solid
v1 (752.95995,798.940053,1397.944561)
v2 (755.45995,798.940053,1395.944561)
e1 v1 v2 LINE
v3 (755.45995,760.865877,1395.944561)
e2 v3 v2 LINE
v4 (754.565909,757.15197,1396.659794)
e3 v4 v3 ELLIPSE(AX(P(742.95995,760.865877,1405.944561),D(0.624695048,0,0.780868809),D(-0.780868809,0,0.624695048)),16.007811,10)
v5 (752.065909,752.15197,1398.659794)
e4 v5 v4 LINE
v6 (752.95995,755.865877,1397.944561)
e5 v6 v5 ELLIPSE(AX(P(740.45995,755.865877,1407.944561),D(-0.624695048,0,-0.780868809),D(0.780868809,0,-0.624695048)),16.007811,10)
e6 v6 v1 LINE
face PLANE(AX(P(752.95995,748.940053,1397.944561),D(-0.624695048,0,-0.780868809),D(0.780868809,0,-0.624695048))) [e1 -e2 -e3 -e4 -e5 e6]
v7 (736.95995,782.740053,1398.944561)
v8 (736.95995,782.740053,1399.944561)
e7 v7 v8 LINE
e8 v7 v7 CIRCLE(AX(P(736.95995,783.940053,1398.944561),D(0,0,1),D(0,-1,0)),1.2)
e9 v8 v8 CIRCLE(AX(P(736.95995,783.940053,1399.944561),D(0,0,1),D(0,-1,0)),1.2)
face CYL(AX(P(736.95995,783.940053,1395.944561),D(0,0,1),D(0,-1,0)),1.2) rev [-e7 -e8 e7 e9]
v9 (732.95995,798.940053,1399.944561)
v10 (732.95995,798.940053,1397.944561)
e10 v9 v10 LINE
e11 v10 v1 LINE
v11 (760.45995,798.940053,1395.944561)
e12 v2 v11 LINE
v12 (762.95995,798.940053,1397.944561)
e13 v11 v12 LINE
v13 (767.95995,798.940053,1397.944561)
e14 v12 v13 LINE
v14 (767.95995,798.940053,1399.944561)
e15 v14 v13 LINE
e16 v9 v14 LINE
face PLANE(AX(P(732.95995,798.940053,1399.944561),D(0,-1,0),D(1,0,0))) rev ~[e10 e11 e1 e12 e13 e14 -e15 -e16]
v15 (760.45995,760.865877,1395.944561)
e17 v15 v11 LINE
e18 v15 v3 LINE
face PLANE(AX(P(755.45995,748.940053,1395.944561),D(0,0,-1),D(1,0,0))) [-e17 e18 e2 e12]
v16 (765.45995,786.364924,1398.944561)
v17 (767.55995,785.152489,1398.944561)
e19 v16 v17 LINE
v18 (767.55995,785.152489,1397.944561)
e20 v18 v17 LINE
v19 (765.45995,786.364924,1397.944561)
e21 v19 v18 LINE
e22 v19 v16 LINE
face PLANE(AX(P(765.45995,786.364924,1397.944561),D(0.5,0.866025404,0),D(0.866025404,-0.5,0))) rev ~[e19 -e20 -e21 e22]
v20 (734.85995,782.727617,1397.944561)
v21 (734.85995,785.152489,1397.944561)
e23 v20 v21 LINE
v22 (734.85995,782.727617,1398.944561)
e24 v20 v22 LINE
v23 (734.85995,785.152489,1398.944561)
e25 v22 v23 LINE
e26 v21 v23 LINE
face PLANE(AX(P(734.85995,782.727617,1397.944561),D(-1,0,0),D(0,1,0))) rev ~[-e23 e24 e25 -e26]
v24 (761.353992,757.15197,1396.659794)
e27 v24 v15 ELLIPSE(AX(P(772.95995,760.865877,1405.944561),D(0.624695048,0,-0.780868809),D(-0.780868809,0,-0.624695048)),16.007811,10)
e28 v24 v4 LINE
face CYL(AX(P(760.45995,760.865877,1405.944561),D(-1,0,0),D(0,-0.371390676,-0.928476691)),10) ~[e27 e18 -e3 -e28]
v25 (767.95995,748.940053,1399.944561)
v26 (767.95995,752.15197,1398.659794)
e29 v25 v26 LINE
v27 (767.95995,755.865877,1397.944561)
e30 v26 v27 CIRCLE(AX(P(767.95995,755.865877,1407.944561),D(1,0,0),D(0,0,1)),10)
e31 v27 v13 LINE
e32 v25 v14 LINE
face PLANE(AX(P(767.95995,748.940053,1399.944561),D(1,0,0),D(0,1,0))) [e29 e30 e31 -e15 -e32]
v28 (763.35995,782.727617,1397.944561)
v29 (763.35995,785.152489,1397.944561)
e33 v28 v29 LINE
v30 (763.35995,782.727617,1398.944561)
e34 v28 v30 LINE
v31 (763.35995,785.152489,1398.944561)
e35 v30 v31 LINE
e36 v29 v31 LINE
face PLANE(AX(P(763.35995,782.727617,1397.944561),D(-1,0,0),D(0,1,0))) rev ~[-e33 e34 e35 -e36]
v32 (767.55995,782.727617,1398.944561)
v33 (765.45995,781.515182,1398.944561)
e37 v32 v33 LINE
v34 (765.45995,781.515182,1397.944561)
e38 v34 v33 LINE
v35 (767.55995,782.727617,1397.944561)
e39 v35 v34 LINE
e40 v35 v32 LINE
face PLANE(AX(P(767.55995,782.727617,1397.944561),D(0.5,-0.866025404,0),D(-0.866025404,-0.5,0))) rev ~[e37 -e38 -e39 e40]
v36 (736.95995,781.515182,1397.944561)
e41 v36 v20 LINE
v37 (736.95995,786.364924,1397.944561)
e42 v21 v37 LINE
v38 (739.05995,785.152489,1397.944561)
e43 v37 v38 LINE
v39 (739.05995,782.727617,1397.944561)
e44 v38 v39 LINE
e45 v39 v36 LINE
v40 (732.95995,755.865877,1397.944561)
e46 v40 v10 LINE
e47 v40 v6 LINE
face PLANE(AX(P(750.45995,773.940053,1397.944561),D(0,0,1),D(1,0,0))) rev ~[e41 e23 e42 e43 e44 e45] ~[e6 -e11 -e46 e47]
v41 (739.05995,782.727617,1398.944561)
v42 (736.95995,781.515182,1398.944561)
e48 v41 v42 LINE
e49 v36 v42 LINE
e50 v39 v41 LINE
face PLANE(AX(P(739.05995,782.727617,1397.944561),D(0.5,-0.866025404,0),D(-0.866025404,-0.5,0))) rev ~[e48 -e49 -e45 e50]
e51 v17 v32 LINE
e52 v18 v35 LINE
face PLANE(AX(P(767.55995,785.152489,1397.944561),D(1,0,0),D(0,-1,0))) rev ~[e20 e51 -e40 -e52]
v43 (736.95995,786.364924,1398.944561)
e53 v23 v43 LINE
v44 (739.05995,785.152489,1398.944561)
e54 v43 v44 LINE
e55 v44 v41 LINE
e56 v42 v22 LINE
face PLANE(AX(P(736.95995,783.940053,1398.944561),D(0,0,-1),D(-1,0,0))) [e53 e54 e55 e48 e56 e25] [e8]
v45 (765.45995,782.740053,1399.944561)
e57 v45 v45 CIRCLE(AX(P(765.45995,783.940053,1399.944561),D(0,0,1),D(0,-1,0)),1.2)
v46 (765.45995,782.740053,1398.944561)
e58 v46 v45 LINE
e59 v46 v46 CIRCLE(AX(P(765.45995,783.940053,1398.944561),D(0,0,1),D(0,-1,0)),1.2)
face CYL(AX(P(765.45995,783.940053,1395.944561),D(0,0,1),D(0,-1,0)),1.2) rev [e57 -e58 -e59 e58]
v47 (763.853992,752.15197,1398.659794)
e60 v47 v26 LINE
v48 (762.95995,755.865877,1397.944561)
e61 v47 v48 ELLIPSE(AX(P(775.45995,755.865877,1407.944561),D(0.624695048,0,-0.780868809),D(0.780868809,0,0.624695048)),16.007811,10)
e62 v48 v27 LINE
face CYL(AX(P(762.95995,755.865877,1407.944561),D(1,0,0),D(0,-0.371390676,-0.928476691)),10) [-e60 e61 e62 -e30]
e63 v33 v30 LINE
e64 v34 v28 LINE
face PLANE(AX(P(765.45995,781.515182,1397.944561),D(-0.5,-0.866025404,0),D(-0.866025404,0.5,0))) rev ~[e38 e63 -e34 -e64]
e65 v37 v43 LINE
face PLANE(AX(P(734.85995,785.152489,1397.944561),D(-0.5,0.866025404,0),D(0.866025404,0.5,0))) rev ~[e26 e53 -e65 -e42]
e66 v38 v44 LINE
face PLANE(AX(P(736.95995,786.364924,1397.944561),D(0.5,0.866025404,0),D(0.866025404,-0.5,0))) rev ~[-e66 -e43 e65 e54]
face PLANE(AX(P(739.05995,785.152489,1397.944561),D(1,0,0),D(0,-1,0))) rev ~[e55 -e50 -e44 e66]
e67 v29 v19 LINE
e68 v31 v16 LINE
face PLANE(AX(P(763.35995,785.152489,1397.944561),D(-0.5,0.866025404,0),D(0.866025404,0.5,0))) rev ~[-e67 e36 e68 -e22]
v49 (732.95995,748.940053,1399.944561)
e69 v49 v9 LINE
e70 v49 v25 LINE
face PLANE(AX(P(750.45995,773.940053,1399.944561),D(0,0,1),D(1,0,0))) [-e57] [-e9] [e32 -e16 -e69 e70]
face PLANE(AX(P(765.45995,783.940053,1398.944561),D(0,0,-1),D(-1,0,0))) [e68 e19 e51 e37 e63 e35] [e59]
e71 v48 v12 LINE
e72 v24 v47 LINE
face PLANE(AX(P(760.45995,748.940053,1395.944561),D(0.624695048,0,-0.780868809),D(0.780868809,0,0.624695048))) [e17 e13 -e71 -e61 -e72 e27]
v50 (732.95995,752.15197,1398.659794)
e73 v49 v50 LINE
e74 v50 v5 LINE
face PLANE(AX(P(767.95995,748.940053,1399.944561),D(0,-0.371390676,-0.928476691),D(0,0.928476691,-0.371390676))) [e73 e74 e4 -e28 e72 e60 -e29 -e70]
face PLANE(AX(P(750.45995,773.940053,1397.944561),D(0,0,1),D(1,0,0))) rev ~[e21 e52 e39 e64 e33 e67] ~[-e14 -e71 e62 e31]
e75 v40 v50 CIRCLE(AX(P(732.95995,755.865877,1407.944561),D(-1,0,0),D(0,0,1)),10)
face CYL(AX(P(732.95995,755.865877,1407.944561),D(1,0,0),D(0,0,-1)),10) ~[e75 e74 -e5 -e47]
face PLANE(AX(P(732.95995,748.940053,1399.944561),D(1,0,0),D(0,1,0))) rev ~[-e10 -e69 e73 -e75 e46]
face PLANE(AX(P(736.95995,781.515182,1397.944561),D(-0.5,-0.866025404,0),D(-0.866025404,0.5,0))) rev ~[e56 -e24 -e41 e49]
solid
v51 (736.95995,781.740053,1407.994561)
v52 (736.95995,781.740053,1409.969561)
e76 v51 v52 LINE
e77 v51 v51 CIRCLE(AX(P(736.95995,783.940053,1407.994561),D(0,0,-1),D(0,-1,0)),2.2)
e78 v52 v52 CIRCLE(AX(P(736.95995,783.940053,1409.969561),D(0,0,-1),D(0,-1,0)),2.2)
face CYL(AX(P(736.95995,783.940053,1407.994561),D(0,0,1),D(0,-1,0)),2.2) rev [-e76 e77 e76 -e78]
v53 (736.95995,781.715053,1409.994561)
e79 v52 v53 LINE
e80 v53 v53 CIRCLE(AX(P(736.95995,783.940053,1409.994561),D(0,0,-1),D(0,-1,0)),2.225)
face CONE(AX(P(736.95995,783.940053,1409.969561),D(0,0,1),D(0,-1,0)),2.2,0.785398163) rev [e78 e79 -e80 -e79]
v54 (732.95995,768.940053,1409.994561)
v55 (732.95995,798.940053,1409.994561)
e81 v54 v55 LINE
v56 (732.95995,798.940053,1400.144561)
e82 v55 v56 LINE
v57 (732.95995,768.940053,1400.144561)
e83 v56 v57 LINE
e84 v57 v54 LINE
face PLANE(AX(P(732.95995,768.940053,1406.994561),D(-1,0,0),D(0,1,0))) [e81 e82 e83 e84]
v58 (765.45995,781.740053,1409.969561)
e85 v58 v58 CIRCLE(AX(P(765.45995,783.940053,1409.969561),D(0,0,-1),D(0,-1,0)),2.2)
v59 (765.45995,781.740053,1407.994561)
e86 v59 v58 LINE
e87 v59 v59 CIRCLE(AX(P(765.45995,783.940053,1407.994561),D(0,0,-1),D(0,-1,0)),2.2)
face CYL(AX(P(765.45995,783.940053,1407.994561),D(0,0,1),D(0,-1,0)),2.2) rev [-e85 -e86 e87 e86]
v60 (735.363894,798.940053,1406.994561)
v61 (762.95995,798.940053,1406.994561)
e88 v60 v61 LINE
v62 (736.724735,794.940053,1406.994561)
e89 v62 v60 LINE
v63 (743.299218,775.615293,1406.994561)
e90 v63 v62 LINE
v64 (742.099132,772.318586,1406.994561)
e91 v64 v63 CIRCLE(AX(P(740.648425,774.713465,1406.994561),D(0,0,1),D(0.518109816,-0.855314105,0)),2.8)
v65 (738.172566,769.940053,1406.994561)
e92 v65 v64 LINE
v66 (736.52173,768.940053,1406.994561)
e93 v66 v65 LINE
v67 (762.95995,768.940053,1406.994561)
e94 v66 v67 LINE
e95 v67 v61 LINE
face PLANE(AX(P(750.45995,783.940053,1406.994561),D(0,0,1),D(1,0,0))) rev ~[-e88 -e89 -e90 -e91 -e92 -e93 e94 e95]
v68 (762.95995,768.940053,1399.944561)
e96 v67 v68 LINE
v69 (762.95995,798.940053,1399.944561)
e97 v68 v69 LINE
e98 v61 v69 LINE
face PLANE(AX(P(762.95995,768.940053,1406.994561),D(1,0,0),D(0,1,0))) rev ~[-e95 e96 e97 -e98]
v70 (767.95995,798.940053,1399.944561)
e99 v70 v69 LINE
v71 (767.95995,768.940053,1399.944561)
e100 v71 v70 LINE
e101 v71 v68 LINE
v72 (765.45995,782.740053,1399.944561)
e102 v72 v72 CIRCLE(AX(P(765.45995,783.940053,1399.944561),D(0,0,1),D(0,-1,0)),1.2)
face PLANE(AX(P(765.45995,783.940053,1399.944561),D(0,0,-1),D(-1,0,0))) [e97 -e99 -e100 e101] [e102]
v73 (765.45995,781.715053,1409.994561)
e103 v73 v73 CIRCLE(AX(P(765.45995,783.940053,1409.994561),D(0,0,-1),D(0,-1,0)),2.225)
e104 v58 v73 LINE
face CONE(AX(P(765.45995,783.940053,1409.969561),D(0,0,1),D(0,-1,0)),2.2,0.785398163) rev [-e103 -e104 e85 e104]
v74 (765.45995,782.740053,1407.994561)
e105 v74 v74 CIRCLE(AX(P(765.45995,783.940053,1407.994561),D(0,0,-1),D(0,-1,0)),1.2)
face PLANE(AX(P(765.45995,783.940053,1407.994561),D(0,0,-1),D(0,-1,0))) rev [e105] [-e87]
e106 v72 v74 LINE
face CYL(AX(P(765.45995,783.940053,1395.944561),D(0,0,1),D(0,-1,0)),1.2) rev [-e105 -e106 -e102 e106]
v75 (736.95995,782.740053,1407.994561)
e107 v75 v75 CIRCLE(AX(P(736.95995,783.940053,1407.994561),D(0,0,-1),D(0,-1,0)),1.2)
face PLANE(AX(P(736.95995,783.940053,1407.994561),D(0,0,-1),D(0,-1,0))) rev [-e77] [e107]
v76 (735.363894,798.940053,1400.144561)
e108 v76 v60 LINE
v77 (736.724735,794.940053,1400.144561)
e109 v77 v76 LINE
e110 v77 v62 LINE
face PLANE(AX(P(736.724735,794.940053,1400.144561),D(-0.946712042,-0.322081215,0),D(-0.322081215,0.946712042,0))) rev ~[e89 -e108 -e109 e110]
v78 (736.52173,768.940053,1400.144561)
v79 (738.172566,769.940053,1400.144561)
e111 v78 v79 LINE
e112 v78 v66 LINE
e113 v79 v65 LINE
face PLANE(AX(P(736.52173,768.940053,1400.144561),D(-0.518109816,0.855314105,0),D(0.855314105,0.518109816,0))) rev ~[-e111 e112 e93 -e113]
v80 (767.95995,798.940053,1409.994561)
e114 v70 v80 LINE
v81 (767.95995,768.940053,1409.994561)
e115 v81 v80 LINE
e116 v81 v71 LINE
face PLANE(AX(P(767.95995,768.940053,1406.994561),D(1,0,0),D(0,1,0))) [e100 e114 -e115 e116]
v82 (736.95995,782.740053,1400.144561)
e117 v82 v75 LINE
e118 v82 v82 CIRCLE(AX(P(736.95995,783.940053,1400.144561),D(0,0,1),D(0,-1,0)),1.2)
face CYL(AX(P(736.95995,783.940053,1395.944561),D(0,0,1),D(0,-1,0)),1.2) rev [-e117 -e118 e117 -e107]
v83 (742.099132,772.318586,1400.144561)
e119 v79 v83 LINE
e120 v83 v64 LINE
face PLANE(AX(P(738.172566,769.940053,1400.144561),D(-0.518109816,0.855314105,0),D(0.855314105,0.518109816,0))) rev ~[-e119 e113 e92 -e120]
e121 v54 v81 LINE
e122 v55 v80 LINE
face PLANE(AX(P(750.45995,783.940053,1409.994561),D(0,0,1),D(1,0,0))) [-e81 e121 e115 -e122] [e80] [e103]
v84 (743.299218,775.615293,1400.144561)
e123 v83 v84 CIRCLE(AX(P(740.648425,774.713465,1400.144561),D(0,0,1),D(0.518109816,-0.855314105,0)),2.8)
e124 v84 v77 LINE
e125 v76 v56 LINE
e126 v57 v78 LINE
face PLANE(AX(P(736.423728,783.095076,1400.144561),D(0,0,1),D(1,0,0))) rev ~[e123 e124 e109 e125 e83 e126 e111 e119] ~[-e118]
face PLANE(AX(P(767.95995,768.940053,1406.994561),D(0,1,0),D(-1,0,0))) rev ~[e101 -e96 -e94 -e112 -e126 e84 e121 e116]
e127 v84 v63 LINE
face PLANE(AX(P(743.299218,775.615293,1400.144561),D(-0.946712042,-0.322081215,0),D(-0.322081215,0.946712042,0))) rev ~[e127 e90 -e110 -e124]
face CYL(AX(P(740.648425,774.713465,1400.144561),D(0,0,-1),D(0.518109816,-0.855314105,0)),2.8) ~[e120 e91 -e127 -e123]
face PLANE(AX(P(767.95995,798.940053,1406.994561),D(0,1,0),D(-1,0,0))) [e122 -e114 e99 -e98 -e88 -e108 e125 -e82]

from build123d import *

# Parameters (mm, degrees)
BOSS_EXTRUDE2_START           = -0.2
SKETCH1_W                     = 35
SKETCH1_H                     = 50
BOSS_EXTRUDE2_DEPTH           = 2
BOSS_EXTRUDE3_DEPTH           = 6.85
BOSS_EXTRUDE4_DEPTH           = 50
SKETCH3_W                     = 35
SKETCH3_H                     = 30
BOSS_EXTRUDE5_DEPTH           = 3
SKETCH4_W                     = 5
SKETCH4_H                     = 30
BOSS_EXTRUDE6_DEPTH           = 7.05
CBORE_FOR_M2_SHCS1_AT_2_COUNT = 2
CBORE_FOR_M2_SHCS1_AT_2_PITCH = 28.5
CUT_EXTRUDE1_DEPTH            = 1
CUT_EXTRUDE2_DEPTH            = 1621.991940329
FILLET1_R                     = 10


with BuildPart() as part:
    # Sketch1 → Boss-Extrude2 (new body)
    with BuildSketch(Plane.XY.offset(1400.144561134).offset(BOSS_EXTRUDE2_START)):
        with Locations((750.459950432, 773.940052935)):
            Rectangle(SKETCH1_W, SKETCH1_H)
    extrude(amount=-BOSS_EXTRUDE2_DEPTH)

    # Sketch2 → Boss-Extrude4 (add)
    with BuildSketch(Plane.XZ.offset(-748.940052935)):
        Polygon((752.959950432, 1397.944561134), (755.459950432, 1395.944561134), (760.459950432, 1395.944561134), (762.959950432, 1397.944561134), align=None)
    extrude(amount=-BOSS_EXTRUDE4_DEPTH)


with BuildPart() as body_2:
    # Sketch1<4> → Boss-Extrude3 (new body)
    with BuildSketch(Plane.XY.offset(1400.144561134)):
        with BuildLine():
            Line((732.959950432, 798.940052935), (732.959950432, 768.940052935))
            Line((732.959950432, 768.940052935), (736.521730144, 768.940052935))
            Line((736.521730144, 768.940052935), (738.1725657, 769.940052935))
            Line((738.1725657, 769.940052935), (742.099132051, 772.318585634))
            ThreePointArc((742.099132051, 772.318585634), (743.279516949, 773.755679726), (743.299218285, 775.615292533))
            Line((743.299218285, 775.615292533), (736.724735191, 794.940052935))
            Line((736.724735191, 794.940052935), (735.363893875, 798.940052935))
            Line((735.363893875, 798.940052935), (732.959950432, 798.940052935))
        make_face()
    extrude(amount=BOSS_EXTRUDE3_DEPTH)

    # Sketch3 → Boss-Extrude5 (add)
    with BuildSketch(Plane.XY.offset(1406.994561134)):
        with Locations((750.459950432, 783.940052935)):
            Rectangle(SKETCH3_W, SKETCH3_H)
    extrude(amount=BOSS_EXTRUDE5_DEPTH)

    # Sketch4 → Boss-Extrude6 (add)
    with BuildSketch(Plane(origin=(0, 0, 1406.994561134), x_dir=(-1, 0, 0), z_dir=(0, 0, -1))):
        with Locations((-765.459950432, 783.940052935)):
            Rectangle(SKETCH4_W, SKETCH4_H)
    extrude(amount=BOSS_EXTRUDE6_DEPTH)


with BuildPart() as cbore_for_m2_shcs1_tool:
    # Sketch6 → CBORE for M2 SHCS1 (revolve)
    with BuildSketch(Plane(origin=(736.959950432, 783.940052935, 1409.994561134), x_dir=(0, -1, 0), z_dir=(1, 0, 0))):
        Polygon((0, 0), (0, 14.05), (1.2, 14.05), (1.2, 2), (2.2, 2), (2.2, 0.025), (2.225, 0), align=None)
    cbore_for_m2_shcs1 = revolve(axis=Axis((736.959950432, 783.940052935, 1416.344561134), (0, 0, -1)))


with BuildPart() as part_1:
    add(part.part)

    # CBORE for M2 SHCS1: cut by cbore_for_m2_shcs1_tool
    add(cbore_for_m2_shcs1_tool.part, mode=Mode.SUBTRACT)


with BuildPart() as body_2_1:
    add(body_2.part)

    # CBORE for M2 SHCS1: cut by cbore_for_m2_shcs1_tool
    add(cbore_for_m2_shcs1_tool.part, mode=Mode.SUBTRACT)


with BuildPart() as cbore_for_m2_shcs1_at_2_tool:
    # CBORE for M2 SHCS1 at 2: CBORE for M2 SHCS1 ×2
    with Locations(*[(i * CBORE_FOR_M2_SHCS1_AT_2_PITCH, 0, 0) for i in range(1, CBORE_FOR_M2_SHCS1_AT_2_COUNT)]):
        add(cbore_for_m2_shcs1)


with BuildPart() as part_2:
    add(part_1.part)

    # CBORE for M2 SHCS1 at 2: cut by cbore_for_m2_shcs1_at_2_tool
    add(cbore_for_m2_shcs1_at_2_tool.part, mode=Mode.SUBTRACT)

    # Sketch7 → Cut-Extrude1 (cut)
    with BuildSketch(Plane(origin=(0, 0, 1397.944561134), x_dir=(-1, 0, 0), z_dir=(0, 0, -1))):
        Polygon((-763.359950432, 785.152488501), (-765.459950432, 786.364924066), (-767.559950432, 785.152488501), (-767.559950432, 782.72761737), (-765.459950432, 781.515181805), (-763.359950432, 782.72761737), align=None)
        Polygon((-734.859950432, 785.152488501), (-736.959950432, 786.364924066), (-739.059950432, 785.152488501), (-739.059950432, 782.72761737), (-736.959950432, 781.515181805), (-734.859950432, 782.72761737), align=None)
    extrude(amount=-CUT_EXTRUDE1_DEPTH, mode=Mode.SUBTRACT)

    # Sketch8 → Cut-Extrude2 (cut, through all)
    with BuildSketch(Plane(origin=(767.959950432, 0, 0), x_dir=(0, 0, -1), z_dir=(1, 0, 0))):
        Polygon((-1399.944561134, 748.940052935), (-1395.944561134, 758.940052935), (-1395.944561134, 748.940052935), align=None)
    extrude(amount=-CUT_EXTRUDE2_DEPTH, mode=Mode.SUBTRACT)

    # Fillet1
    fillet1_edges = [part_2.edges().sort_by_distance(p)[0] for p in [
        (742.959950432, 753.940052935, 1397.944561134),
        (765.459950432, 753.940052935, 1397.944561134),
        (757.959950432, 758.940052935, 1395.944561134),
    ]]
    fillet(fillet1_edges, radius=FILLET1_R)


with BuildPart() as body_2_2:
    add(body_2_1.part)

    # CBORE for M2 SHCS1 at 2: cut by cbore_for_m2_shcs1_at_2_tool
    add(cbore_for_m2_shcs1_at_2_tool.part, mode=Mode.SUBTRACT)


solid = Compound([part_2.part, body_2_2.part])
